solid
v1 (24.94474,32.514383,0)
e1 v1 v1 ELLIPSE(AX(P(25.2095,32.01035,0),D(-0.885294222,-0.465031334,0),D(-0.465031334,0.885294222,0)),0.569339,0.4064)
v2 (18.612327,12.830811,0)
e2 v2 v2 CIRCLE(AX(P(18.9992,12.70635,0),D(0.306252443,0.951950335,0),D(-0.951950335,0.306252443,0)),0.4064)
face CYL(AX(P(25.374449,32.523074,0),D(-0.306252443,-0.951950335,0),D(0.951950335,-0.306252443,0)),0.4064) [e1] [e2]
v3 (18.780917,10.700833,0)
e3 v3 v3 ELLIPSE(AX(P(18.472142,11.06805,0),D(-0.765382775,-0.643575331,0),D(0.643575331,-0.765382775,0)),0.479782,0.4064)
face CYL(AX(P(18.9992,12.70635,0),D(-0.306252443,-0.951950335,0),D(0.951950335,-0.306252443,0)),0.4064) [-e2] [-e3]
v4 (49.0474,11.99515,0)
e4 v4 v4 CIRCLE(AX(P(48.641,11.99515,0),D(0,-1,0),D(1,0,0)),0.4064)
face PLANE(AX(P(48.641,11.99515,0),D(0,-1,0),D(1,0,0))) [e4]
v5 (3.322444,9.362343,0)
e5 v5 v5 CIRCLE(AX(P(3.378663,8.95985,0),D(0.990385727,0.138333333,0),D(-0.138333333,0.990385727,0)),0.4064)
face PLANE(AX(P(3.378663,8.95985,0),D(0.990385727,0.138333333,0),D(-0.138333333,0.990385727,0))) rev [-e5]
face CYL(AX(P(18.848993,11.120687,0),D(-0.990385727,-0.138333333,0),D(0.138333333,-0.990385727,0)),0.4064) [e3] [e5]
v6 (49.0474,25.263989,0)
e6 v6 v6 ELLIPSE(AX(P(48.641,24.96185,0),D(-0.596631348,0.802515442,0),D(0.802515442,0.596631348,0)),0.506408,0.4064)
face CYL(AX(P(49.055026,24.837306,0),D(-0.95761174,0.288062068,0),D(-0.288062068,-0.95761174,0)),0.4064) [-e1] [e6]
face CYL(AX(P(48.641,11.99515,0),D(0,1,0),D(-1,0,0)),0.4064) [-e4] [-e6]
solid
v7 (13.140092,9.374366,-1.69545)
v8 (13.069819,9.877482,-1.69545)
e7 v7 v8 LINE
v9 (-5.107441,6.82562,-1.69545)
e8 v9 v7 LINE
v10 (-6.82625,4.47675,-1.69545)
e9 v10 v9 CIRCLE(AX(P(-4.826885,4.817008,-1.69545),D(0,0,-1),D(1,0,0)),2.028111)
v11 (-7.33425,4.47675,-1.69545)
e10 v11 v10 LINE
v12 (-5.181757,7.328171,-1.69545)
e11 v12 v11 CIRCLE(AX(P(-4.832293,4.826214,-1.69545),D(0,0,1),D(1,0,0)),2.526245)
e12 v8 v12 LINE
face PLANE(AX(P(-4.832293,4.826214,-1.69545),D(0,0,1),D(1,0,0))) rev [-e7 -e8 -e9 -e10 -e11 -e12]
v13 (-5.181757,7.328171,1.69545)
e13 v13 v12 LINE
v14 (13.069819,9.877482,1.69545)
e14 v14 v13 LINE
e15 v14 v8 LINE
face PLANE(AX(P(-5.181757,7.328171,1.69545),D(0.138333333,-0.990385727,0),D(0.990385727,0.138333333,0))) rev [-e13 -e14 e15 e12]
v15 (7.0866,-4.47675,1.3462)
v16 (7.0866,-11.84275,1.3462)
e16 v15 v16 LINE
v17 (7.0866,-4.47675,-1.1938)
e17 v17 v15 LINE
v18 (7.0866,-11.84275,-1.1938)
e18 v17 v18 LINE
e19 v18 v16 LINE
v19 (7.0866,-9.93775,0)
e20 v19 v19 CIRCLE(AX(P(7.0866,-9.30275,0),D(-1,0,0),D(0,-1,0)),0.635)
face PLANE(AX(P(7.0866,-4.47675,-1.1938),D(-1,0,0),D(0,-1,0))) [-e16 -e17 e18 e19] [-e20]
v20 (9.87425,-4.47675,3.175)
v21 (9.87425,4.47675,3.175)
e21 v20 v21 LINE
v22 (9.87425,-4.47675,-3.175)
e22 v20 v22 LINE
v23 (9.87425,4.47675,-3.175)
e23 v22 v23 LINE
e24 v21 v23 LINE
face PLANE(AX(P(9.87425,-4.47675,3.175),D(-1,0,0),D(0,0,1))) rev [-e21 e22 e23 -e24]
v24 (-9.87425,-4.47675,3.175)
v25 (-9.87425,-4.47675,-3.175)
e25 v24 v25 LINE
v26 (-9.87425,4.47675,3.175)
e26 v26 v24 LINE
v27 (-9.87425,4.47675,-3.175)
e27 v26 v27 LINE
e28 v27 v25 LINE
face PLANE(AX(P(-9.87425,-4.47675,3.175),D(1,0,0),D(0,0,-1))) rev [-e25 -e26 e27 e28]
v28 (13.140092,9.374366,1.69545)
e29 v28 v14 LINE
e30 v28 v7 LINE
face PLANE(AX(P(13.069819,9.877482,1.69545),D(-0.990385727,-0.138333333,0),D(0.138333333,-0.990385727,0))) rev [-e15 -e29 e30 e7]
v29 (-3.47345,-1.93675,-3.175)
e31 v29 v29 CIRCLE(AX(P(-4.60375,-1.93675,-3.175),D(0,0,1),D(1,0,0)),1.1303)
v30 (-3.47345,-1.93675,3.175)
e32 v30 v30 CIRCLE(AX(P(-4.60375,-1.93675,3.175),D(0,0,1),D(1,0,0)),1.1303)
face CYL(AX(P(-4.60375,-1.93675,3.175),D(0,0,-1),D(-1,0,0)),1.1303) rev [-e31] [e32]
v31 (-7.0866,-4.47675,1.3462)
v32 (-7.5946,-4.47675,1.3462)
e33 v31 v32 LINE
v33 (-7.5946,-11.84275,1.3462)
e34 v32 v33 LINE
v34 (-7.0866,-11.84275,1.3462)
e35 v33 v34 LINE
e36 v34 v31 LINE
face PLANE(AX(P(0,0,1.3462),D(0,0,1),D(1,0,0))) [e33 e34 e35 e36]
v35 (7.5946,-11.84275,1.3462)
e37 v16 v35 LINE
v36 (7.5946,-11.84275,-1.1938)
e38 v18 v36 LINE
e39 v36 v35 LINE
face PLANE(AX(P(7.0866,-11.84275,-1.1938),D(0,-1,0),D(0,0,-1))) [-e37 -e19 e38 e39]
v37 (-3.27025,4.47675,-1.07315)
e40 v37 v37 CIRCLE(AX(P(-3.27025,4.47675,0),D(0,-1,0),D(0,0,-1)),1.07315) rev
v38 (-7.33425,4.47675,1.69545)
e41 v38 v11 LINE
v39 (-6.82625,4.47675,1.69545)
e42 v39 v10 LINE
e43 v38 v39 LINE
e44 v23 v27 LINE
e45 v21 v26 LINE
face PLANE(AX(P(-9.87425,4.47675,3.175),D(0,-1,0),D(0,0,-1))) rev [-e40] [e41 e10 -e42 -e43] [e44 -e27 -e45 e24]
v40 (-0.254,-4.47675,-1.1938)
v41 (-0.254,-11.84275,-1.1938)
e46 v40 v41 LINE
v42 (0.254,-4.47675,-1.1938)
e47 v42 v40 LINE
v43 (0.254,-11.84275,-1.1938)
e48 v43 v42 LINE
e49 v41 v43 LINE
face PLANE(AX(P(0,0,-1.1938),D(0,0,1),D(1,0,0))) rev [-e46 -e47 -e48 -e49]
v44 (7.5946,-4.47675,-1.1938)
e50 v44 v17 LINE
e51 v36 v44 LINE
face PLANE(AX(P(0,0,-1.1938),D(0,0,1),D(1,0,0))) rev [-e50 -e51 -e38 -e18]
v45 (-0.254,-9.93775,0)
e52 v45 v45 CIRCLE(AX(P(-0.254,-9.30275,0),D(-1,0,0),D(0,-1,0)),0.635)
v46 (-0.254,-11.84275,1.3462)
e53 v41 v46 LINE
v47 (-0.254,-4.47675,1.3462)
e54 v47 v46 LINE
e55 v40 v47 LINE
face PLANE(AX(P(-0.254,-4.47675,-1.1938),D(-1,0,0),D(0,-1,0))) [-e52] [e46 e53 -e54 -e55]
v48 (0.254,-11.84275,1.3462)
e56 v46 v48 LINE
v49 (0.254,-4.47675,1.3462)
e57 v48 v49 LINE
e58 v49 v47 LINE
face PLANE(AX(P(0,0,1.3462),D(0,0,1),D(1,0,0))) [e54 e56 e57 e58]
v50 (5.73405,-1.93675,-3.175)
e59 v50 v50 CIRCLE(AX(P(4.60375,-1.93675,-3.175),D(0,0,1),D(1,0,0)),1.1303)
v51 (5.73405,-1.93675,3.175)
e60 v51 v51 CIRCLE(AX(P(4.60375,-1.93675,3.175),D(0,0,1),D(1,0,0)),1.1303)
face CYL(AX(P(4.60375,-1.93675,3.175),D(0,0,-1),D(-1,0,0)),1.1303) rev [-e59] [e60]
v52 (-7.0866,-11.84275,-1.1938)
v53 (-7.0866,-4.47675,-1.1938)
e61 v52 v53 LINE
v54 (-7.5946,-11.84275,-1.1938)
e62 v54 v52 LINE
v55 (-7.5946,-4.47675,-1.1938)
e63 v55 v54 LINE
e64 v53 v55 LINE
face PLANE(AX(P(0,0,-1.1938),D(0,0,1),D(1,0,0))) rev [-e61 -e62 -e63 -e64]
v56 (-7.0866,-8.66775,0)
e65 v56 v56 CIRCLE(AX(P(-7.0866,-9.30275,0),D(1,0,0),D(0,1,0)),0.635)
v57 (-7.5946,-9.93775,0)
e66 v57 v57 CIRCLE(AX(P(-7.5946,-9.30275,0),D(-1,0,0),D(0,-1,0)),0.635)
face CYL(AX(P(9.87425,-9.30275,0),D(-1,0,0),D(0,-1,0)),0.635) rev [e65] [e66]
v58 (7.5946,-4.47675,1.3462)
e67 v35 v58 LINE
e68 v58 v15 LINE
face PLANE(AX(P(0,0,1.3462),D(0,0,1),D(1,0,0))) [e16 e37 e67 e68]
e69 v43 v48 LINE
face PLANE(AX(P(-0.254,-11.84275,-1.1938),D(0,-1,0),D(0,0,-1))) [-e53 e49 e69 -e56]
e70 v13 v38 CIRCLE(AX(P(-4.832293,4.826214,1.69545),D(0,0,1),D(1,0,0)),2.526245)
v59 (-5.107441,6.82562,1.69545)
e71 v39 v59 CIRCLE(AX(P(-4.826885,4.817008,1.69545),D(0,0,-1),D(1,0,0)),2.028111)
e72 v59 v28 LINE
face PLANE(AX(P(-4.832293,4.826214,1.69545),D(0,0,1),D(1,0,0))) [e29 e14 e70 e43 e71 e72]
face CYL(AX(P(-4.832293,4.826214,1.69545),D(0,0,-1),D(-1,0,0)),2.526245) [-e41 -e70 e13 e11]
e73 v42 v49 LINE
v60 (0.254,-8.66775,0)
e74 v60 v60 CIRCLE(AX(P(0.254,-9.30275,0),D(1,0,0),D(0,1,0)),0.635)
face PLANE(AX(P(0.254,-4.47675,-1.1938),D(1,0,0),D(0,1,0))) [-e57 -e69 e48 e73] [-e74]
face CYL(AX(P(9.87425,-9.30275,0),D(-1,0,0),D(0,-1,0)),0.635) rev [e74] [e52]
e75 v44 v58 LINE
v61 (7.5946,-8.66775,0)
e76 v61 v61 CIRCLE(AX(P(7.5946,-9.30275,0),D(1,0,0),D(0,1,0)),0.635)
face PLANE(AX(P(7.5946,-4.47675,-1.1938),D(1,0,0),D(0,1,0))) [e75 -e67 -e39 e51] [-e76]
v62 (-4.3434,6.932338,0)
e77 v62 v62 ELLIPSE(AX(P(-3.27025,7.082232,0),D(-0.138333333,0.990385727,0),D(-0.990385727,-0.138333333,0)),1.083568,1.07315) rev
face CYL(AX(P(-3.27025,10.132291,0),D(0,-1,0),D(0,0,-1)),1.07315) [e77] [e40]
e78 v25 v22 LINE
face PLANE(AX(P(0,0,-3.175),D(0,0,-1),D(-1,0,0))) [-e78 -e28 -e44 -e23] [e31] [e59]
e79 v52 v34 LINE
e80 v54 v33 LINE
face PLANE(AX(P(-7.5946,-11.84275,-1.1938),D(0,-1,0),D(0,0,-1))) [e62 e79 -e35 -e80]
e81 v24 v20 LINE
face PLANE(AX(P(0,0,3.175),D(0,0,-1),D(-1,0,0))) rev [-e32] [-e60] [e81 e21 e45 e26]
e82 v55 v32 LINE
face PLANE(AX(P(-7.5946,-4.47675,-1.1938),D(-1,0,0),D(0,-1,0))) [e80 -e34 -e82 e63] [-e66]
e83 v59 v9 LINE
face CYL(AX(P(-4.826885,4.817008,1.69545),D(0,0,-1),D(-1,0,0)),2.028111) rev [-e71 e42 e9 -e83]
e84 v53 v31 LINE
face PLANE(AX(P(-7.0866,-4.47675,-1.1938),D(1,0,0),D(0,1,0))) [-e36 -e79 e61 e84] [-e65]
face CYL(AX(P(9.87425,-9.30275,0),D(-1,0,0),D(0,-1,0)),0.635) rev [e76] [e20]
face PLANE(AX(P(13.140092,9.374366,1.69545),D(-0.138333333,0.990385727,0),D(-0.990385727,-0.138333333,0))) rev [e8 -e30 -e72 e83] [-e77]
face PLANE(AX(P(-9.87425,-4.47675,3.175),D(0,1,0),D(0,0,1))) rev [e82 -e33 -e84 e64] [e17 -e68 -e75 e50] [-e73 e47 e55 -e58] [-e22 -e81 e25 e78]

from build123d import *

# Parameters (mm, degrees)
SKETCH1_W           = 19.7485
SKETCH1_H           = 8.9535
SKETCH1_R           = 1.1303
BOSS_EXTRUDE1_DEPTH = 3.175
SKETCH2_W           = 0.508
SKETCH2_H           = 7.366
BOSS_EXTRUDE2_DEPTH = 2.54
SKETCH3_R           = 0.635
CUT_EXTRUDE1_DEPTH  = 22.342260257
BOSS_EXTRUDE3_DEPTH = 1.69545
BOSS_EXTRUDE4_REACH = 23.191
SKETCH5_R           = 1.07315
SKETCH7_R           = 0.4064


with BuildPart() as part:
    # Sketch1 → Boss-Extrude1 (new, symmetric)
    with BuildSketch(Plane.XY):
        Rectangle(SKETCH1_W, SKETCH1_H)
        with Locations((-4.60375, -1.93675)):
            Circle(SKETCH1_R, mode=Mode.SUBTRACT)
        with Locations((4.60375, -1.93675)):
            Circle(SKETCH1_R, mode=Mode.SUBTRACT)
    extrude(amount=BOSS_EXTRUDE1_DEPTH, both=True)

    # Sketch2 → Boss-Extrude2 (add)
    with BuildSketch(Plane.XY.offset(1.3462)):
        with Locations((-7.3406, -8.15975)):
            Rectangle(SKETCH2_W, SKETCH2_H)
        with Locations((0, -8.15975)):
            Rectangle(SKETCH2_W, SKETCH2_H)
        with Locations((7.3406, -8.15975)):
            Rectangle(SKETCH2_W, SKETCH2_H)
    extrude(amount=-BOSS_EXTRUDE2_DEPTH)

    # Sketch3 → Cut-Extrude1 (cut, through all)
    with BuildSketch(Plane.ZY.offset(7.5946)):
        with Locations(Location((0, -9.30275, 0), (0, 0, 270))):
            Circle(SKETCH3_R)
    extrude(amount=-CUT_EXTRUDE1_DEPTH, mode=Mode.SUBTRACT)

    # Sketch4 → Boss-Extrude3 (add, symmetric)
    with BuildSketch(Plane.XY):
        with BuildLine():
            Line((-5.181756672, 7.328171185), (13.069818987, 9.877482256))
            Line((13.069818987, 9.877482256), (13.140092321, 9.374366307))
            Line((13.140092321, 9.374366307), (-5.107440727, 6.825619892))
            ThreePointArc((-5.107440727, 6.825619892), (-6.463591279, 6.014683788), (-6.82625, 4.47675))
            Line((-6.82625, 4.47675), (-7.33425, 4.47675))
            ThreePointArc((-7.33425, 4.47675), (-6.848552, 6.348256557), (-5.181756672, 7.328171185))
        make_face()
    extrude(amount=BOSS_EXTRUDE3_DEPTH, both=True)

    # Boss-Extrude4: up to this plane
    boss_extrude4_end = Plane(origin=(13.140092321, 9.374366307, 1.69545), z_dir=(-0.13833333333333328, 0.9903857273249089, 0))
    # Sketch5 → Boss-Extrude4 (add, up to the surface)
    with BuildSketch(Plane(origin=(0, 4.47675, 0), x_dir=(1, 0, 0), z_dir=(0, 1, 0)), mode=Mode.PRIVATE) as boss_extrude4_sk1:
        with Locations(Location((-3.27025, 0, 0), (0, 0, 90))):
            Circle(SKETCH5_R)
    boss_extrude4_tool1 = split(extrude(boss_extrude4_sk1.sketch, amount=BOSS_EXTRUDE4_REACH, mode=Mode.PRIVATE), bisect_by=boss_extrude4_end, keep=Keep.BOTH, mode=Mode.PRIVATE)
    add(boss_extrude4_tool1.solids().sort_by_distance((-3.27025, 4.47675, 0))[0])


with BuildPart() as body_2:
    # Sweep1: sweep along a path in Sketch6
    with BuildLine(Plane.XY) as sweep1_path:
        Line((48.641, 11.99515), (48.641, 24.96185))
        Line((48.641, 24.96185), (25.2095, 32.01035))
        Line((25.2095, 32.01035), (18.9992, 12.70635))
        Line((18.9992, 12.70635), (18.472141645, 11.06805))
        Line((18.472141645, 11.06805), (3.37866316, 8.95985))
    # Sketch7 → Sweep1 (sweep)
    with BuildSketch(Plane(origin=(4.541538232, 0.634344887, 0), x_dir=(0, 0, -1), z_dir=(0.9903857273249097, 0.13833333333332826, 0))):
        with Locations((0, 8.406325822)):
            Circle(SKETCH7_R)
    sweep(path=sweep1_path.line, transition=Transition.RIGHT)


solid = Compound([part.part, body_2.part])
